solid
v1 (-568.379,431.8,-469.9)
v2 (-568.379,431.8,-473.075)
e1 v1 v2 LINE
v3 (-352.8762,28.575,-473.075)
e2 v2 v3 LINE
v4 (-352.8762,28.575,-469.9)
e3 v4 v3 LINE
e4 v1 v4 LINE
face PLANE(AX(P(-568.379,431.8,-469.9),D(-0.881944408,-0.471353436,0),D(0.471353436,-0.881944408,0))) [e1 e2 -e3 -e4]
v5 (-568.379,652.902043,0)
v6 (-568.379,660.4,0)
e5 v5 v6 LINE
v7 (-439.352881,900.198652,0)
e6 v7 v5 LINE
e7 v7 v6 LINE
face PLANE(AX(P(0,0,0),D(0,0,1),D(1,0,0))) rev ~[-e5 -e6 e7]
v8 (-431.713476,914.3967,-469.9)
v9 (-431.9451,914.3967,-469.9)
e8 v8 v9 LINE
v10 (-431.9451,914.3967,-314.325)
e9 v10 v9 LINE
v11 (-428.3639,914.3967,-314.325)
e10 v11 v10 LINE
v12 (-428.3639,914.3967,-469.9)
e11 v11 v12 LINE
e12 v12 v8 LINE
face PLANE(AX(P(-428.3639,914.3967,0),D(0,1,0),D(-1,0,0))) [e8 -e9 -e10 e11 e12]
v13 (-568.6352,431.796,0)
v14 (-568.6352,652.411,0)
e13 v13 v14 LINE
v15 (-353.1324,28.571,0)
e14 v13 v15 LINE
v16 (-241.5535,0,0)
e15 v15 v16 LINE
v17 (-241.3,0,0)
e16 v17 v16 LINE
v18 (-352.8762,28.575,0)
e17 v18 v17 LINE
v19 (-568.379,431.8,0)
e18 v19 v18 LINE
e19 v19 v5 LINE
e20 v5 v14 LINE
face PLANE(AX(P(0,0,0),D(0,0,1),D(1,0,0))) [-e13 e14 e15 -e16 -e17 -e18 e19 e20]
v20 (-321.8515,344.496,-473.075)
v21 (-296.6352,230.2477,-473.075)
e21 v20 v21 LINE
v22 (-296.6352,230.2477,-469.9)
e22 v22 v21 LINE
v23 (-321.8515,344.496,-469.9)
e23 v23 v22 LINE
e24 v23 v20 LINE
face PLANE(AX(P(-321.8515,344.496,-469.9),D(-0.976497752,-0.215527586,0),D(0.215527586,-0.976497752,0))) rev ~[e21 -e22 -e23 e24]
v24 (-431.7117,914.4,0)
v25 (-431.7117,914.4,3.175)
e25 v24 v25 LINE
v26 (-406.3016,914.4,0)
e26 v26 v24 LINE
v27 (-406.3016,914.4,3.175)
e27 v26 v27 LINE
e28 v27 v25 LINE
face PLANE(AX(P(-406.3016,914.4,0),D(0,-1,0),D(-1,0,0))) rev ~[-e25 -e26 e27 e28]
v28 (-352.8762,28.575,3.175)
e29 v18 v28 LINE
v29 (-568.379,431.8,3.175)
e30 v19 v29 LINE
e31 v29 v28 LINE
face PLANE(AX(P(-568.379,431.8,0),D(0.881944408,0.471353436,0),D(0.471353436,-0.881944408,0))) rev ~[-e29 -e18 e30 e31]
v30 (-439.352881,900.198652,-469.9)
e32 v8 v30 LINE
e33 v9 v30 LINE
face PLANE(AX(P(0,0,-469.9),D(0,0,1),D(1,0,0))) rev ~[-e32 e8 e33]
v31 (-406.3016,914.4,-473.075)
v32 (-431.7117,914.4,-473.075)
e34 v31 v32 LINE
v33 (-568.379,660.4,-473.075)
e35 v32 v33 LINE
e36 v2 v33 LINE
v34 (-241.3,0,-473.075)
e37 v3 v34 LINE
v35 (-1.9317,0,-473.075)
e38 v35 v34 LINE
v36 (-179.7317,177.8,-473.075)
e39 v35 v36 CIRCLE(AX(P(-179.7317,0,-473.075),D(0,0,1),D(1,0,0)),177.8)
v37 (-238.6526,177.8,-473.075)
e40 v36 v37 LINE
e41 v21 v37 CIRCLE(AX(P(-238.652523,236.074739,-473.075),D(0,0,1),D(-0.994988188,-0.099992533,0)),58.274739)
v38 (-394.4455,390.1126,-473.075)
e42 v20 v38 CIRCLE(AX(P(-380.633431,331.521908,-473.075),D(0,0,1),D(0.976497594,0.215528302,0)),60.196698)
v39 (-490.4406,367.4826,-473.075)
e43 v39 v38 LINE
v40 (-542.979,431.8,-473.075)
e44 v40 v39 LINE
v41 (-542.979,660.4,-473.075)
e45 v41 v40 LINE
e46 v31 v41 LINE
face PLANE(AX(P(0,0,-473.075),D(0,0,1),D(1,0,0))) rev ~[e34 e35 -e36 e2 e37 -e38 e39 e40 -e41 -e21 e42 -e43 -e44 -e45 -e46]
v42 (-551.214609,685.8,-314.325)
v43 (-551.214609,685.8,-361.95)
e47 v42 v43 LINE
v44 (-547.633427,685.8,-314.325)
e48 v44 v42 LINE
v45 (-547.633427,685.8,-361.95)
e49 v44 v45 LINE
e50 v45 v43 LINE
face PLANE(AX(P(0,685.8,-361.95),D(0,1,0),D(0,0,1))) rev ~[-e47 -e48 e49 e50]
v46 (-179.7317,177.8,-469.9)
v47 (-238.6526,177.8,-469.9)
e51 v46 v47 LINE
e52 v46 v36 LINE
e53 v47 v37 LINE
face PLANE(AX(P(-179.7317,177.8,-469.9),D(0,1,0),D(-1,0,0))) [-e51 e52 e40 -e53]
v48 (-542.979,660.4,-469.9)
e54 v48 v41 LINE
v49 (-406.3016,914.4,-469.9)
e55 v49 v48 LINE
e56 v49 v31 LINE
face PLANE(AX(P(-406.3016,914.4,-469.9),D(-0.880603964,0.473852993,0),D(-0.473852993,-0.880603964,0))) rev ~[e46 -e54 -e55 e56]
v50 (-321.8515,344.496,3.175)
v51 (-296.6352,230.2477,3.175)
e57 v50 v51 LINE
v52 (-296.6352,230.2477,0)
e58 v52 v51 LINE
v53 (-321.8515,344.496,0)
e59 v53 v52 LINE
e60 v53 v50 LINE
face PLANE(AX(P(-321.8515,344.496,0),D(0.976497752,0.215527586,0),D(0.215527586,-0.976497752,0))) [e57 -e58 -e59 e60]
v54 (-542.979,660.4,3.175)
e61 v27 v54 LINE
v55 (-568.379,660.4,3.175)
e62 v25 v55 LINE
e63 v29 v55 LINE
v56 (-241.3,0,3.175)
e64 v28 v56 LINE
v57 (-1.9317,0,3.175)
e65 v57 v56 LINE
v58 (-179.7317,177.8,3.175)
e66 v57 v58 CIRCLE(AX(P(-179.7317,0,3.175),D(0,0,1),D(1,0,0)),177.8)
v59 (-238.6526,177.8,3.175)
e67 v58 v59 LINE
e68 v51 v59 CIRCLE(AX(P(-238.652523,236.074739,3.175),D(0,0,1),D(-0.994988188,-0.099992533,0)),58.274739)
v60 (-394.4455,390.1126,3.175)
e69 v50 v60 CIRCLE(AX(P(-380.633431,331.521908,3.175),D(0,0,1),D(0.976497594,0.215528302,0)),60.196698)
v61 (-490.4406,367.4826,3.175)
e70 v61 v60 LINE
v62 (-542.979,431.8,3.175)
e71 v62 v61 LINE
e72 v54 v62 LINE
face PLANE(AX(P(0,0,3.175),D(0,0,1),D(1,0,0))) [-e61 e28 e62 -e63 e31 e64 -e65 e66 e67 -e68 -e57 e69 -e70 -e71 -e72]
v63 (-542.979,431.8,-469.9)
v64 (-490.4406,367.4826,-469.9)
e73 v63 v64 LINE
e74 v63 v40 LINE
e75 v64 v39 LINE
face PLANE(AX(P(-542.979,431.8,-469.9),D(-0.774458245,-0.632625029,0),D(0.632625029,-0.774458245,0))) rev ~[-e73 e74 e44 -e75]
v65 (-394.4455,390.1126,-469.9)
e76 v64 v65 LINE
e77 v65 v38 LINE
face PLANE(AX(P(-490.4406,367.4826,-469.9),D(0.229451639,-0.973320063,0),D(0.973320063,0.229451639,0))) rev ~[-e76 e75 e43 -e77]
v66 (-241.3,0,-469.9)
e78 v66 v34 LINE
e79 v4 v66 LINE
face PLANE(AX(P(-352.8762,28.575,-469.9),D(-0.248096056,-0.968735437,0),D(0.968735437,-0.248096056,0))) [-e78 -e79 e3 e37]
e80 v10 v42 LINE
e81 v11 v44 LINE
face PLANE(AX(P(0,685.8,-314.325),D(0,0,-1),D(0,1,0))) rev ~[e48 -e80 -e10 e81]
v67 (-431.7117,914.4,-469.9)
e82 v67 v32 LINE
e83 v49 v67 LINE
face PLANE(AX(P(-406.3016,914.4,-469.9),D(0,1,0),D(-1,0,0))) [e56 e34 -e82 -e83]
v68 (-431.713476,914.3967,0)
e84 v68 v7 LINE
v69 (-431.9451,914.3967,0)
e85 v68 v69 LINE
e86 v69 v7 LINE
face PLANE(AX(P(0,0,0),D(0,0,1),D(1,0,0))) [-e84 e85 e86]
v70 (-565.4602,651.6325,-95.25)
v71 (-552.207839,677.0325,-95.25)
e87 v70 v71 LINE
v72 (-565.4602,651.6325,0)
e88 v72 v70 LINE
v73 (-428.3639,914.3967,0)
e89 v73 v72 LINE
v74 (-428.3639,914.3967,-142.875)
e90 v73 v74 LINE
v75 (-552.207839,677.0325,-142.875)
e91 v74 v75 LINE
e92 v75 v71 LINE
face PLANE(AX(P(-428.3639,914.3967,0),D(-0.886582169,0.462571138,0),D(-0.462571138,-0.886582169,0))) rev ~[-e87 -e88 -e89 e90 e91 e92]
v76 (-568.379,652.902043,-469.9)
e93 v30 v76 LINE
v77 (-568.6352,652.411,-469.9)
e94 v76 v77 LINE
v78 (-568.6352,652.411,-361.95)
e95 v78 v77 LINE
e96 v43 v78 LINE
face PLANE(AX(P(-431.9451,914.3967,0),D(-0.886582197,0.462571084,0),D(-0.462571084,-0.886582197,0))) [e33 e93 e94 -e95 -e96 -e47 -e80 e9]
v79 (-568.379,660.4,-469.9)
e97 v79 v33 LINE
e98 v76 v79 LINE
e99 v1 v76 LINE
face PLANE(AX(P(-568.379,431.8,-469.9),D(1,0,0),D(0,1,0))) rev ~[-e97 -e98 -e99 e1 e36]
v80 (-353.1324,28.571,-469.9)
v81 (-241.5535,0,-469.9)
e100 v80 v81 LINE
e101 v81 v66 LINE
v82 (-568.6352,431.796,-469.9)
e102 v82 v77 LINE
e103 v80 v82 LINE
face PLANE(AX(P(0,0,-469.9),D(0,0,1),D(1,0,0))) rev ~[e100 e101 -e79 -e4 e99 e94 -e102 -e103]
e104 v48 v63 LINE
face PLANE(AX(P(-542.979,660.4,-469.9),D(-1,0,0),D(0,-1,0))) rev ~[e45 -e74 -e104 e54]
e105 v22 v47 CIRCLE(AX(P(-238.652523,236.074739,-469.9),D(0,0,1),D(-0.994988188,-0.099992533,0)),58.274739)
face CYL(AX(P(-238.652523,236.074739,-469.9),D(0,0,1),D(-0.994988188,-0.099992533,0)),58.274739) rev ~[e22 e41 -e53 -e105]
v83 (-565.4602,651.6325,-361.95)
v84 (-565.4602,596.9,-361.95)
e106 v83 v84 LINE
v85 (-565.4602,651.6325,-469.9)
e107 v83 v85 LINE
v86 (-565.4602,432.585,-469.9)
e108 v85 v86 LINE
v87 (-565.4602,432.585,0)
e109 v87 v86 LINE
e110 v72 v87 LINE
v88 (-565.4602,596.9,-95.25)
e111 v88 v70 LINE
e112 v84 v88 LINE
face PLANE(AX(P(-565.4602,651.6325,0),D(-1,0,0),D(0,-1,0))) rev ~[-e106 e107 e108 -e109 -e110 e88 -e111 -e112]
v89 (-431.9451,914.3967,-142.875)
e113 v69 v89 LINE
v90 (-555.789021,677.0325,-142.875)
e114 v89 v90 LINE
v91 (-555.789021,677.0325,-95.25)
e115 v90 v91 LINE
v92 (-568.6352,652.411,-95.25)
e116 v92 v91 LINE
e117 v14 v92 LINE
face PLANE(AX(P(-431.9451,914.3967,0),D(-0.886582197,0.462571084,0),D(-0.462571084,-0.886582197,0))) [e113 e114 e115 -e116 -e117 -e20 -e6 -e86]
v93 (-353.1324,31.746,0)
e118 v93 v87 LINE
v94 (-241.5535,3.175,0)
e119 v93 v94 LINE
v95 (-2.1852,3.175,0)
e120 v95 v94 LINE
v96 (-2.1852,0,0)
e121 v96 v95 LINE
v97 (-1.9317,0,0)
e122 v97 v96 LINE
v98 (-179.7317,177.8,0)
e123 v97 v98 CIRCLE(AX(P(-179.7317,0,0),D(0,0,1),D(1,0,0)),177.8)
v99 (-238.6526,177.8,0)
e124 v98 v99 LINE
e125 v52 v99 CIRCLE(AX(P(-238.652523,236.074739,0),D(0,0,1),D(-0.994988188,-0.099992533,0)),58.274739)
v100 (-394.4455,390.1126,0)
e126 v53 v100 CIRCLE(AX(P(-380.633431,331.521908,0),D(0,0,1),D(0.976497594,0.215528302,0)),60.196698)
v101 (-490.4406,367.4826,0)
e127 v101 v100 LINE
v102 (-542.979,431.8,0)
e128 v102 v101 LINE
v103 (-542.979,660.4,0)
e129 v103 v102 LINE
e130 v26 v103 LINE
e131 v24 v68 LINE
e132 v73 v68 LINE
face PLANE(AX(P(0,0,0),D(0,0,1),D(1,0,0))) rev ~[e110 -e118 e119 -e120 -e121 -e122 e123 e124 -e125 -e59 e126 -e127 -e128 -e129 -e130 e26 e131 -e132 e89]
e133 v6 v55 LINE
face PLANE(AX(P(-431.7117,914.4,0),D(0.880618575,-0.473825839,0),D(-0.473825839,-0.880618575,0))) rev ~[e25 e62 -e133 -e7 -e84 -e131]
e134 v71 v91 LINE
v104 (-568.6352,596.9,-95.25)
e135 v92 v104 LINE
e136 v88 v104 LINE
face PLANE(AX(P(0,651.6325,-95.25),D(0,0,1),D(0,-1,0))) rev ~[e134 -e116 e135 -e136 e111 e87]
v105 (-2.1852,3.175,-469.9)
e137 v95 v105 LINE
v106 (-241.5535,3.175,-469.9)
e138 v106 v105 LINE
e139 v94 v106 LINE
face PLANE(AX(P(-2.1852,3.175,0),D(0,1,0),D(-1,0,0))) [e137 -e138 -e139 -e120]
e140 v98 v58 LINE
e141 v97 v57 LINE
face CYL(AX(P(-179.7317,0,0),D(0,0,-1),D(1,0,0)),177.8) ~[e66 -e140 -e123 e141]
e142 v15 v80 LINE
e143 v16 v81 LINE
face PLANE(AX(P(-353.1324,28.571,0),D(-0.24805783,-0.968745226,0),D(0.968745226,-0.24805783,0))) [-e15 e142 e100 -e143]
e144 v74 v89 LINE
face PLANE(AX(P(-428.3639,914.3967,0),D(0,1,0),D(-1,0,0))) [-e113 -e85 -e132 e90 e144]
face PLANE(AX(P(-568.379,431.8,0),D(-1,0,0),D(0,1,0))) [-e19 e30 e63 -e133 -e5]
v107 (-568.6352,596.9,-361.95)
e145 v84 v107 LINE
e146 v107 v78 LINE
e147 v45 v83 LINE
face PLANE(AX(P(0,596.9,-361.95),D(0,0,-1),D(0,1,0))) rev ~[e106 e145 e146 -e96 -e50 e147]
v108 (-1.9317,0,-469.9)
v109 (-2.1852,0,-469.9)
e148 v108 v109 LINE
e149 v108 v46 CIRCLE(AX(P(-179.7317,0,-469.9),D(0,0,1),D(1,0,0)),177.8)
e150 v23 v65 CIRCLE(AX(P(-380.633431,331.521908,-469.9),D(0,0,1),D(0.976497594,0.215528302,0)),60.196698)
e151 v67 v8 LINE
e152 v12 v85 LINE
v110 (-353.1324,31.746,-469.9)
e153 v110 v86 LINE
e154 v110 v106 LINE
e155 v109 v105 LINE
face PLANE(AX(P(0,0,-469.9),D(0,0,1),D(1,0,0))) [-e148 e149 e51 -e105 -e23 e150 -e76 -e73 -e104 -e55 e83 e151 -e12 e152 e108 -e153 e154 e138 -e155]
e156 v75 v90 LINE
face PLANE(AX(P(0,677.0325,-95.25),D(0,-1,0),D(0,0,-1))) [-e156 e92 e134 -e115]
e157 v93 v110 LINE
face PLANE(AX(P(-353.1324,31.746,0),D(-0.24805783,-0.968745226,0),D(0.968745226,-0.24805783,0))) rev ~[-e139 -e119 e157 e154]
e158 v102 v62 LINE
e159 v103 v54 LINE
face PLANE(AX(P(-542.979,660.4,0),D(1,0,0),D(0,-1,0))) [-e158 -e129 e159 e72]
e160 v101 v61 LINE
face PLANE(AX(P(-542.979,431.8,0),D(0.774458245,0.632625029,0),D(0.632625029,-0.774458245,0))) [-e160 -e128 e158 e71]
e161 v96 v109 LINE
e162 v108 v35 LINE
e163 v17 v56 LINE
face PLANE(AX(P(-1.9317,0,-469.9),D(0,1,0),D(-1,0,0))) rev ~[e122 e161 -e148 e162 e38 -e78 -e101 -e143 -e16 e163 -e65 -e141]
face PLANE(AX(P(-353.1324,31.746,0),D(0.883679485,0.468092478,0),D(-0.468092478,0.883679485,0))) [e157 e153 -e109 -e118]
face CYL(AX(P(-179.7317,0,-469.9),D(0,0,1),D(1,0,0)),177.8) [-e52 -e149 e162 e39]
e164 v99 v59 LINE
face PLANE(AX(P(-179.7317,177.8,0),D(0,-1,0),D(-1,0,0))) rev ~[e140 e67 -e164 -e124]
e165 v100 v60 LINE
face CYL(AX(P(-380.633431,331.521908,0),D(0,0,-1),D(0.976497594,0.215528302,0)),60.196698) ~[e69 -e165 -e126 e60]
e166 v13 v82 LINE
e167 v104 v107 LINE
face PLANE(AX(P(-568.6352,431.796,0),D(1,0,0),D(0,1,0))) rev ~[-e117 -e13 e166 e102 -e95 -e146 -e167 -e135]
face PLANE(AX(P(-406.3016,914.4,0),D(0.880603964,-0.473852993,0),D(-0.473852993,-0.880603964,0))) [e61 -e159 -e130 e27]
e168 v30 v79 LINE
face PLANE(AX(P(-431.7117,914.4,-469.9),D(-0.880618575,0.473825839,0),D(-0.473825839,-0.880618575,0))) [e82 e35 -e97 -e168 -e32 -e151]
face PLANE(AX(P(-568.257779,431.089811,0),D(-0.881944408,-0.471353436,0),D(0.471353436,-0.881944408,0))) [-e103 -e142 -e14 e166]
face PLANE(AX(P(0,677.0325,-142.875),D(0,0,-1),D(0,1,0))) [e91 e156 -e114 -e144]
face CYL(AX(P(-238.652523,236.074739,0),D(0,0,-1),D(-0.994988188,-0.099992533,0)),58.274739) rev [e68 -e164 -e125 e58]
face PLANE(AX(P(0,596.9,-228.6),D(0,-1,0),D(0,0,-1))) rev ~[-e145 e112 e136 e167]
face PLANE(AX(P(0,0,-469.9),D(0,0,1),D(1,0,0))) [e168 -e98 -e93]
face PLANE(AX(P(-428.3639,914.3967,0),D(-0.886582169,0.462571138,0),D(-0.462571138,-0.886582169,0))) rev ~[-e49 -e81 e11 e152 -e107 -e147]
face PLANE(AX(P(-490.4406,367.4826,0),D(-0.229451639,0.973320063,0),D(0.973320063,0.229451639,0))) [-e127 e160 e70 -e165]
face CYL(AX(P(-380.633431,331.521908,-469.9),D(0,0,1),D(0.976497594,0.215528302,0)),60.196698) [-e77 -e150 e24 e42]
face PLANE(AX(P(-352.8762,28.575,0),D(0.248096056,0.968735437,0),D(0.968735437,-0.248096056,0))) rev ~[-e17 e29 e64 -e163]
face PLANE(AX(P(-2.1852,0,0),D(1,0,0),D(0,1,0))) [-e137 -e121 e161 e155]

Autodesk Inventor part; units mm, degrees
ref_plane "YZ Plane" through (0, 0, 0) normal (1, 0, 0) x (0, 1, 0)
ref_plane "XZ Plane" through (0, 0, 0) normal (0, 1, 0) x (-1, 0, 0)
sketch "Sketch1" plane through (0, 0, 0) normal (0, 0, 1) x (1, 0, 0)
  line L0 (0, 0) -> (-241.3, 0)
  line L1 (-352.8762, 28.575) -> (-241.3, 0)
  line L2 (-568.379, 431.8) -> (-352.8762, 28.575)
  arc A0 (-1.9317, 0) -> (-179.7317, 177.8) centre (-179.7317, 0) ccw
  arc A1 (-321.8515, 344.496) -> (-394.4455, 390.1126) centre (-380.6333, 331.522) ccw
  line L3 (-179.7317, 177.8) -> (-238.6526, 177.8)
  line L4 (-321.8515, 344.496) -> (-296.6352, 230.2477)
  arc A2 (-296.6352, 230.2477) -> (-238.6526, 177.8) centre (-238.6526, 236.0747) ccw
  line L5 (-490.4406, 367.4826) -> (-394.4455, 390.1126)
  line L6 (-568.379, 431.8) -> (-568.379, 660.4)
  line L7 (-542.979, 660.4) -> (-542.979, 431.8)
  line L8 (-542.979, 431.8) -> (-490.4406, 367.4826)
  line L9 (-431.7117, 914.4) -> (-568.379, 660.4)
  line L10 (-406.3016, 914.4) -> (-542.979, 660.4)
  line L11 (-406.3016, 914.4) -> (-431.7117, 914.4)
sketch "Sketch4" plane through (0, 0, 0) normal (0, 0, 1) x (1, 0, 0)
  line L0 (-0.2535, 0) -> (-241.5535, 0)
  line L1 (-353.1324, 28.571) -> (-241.5535, 0)
  line L2 (-568.6352, 431.796) -> (-353.1324, 28.571)
  line L3 (-568.6352, 431.796) -> (-568.6352, 652.411)
  line L4 (-565.4602, 651.6325) -> (-565.4602, 432.585)
  line L5 (-431.9451, 914.3967) -> (-568.6352, 652.411)
  line L6 (-428.3639, 914.3967) -> (-565.4602, 651.6325)
  line L7 (-428.3639, 914.3967) -> (-431.9451, 914.3967)
  line L8 (-2.1852, 0) -> (-2.1852, 3.175)
  line L9 (-241.5535, 0) -> (-228.8535, 0)
  line L10 (-228.8535, 0) -> (-228.8535, 3.175)
  line L11 (-2.1852, 3.175) -> (-228.8535, 3.175)
  line L12 (-241.5535, 0) -> (-241.5535, 3.175)
  line L13 (-353.1324, 28.571) -> (-353.1324, 31.746)
  line L14 (-353.1324, 31.746) -> (-241.5535, 3.175)
  line L15 (-353.1324, 31.746) -> (-565.4602, 432.585)
  line L16 (-241.5535, 3.175) -> (-228.8535, 3.175)
  line L17 (-565.4602, 432.585) -> (-568.2578, 431.0898)
  line L18 (-565.4602, 651.6325) -> (-568.6352, 652.411)
  point P0 (0, 0)
  dimension "d63" = 3.175
  dimension "d64" = 12.7
  dimension "d65" = 3.175
  dimension "d66" = 3.175
  dimension "d68" = 3.175
  dimension "d90" = 3.175
  dimension "d92" = 3.175
  dimension "d93" = 3.175
  dimension "d96" = 0
  dimension "d97" = 0
extrude "Extrusion1" add sketch "Sketch4" against normal blind 469.9
extrude "Extrusion2" add sketch "Sketch1" along normal blind 3.175
ref_plane "Work Plane3" through (0, 0, -469.9) normal (0, 0, 1) x (1, 0, 0)
sketch "Sketch5" plane through (0, 0, 0) normal (0, 0, 1) x (1, 0, 0)
  line L0 (0, 0) -> (-241.3, 0)
  line L1 (-352.8762, 28.575) -> (-241.3, 0)
  line L2 (-568.379, 431.8) -> (-352.8762, 28.575)
  arc A0 (-1.9317, 0) -> (-179.7317, 177.8) centre (-179.7317, 0) ccw
  arc A1 (-321.8515, 344.496) -> (-394.4455, 390.1126) centre (-380.6333, 331.522) ccw
  line L3 (-179.7317, 177.8) -> (-238.6526, 177.8)
  line L4 (-321.8515, 344.496) -> (-296.6352, 230.2477)
  arc A2 (-296.6352, 230.2477) -> (-238.6526, 177.8) centre (-238.6526, 236.0747) ccw
  line L5 (-490.4406, 367.4826) -> (-394.4455, 390.1126)
  line L6 (-568.379, 431.8) -> (-568.379, 660.4)
  line L7 (-542.979, 660.4) -> (-542.979, 431.8)
  line L8 (-542.979, 431.8) -> (-490.4406, 367.4826)
  line L9 (-431.7117, 914.4) -> (-568.379, 660.4)
  line L10 (-406.3016, 914.4) -> (-542.979, 660.4)
  line L11 (-406.3016, 914.4) -> (-431.7117, 914.4)
sketch "Sketch6" plane through (0, 0, -469.9) normal (0, 0, 1) x (1, 0, 0)
  point P0 (0, 0)
sketch "Sketch7" plane through (0, 0, -469.9) normal (0, 0, 1) x (1, 0, 0)
  line L0 (0, 0) -> (-241.3, 0)
  line L1 (-352.8762, 28.575) -> (-241.3, 0)
  line L2 (-568.379, 431.8) -> (-352.8762, 28.575)
  arc A0 (-1.9317, 0) -> (-179.7317, 177.8) centre (-179.7317, 0) ccw
  arc A1 (-321.8515, 344.496) -> (-394.4455, 390.1126) centre (-380.6333, 331.522) ccw
  line L3 (-179.7317, 177.8) -> (-238.6526, 177.8)
  line L4 (-321.8515, 344.496) -> (-296.6352, 230.2477)
  arc A2 (-296.6352, 230.2477) -> (-238.6526, 177.8) centre (-238.6526, 236.0747) ccw
  line L5 (-490.4406, 367.4826) -> (-394.4455, 390.1126)
  line L6 (-568.379, 431.8) -> (-568.379, 660.4)
  line L7 (-542.979, 660.4) -> (-542.979, 431.8)
  line L8 (-542.979, 431.8) -> (-490.4406, 367.4826)
  line L9 (-431.7117, 914.4) -> (-568.379, 660.4)
  line L10 (-406.3016, 914.4) -> (-542.979, 660.4)
  line L11 (-406.3016, 914.4) -> (-431.7117, 914.4)
extrude "Extrusion3" add sketch "Sketch7" against normal blind 3.175
sketch "Sketch8" plane through (0, 0, 0) normal (1, 0, 0) x (0, 1, 0)
  line L0 (0, 0) -> (0, -228.6)
  line L1 (0, -473.075) -> (0, 3.175) projected
  line L2 (0, -228.6) -> (596.9, -228.6)
  line L3 (651.6325, -473.075) -> (651.6325, 3.175) projected
  line L4 (596.9, -228.6) -> (596.9, -95.25)
  line L5 (432.585, 0) -> (432.585, -469.9) projected
  line L6 (596.9, -228.6) -> (596.9, -361.95)
  line L7 (596.9, -361.95) -> (1104.9, -361.95)
  line L8 (1104.9, -361.95) -> (1104.9, -95.25)
  line L9 (1104.9, -95.25) -> (596.9, -95.25)
  line L10 (596.9, -95.25) -> (651.6325, -95.25)
  line L11 (651.6325, -95.25) -> (677.0325, -95.25)
  line L12 (677.0325, -95.25) -> (677.0325, -142.875)
  line L13 (677.0325, -142.875) -> (1104.9, -142.875)
  line L14 (651.6325, -361.95) -> (685.8, -361.95)
  line L15 (685.8, -361.95) -> (685.8, -314.325)
  line L16 (685.8, -314.325) -> (1104.9, -314.325)
  point P0 (660.4, -473.075)
  point P1 (660.4, 3.175)
  point P2 (431.8, 0)
  point P3 (431.8, -469.9)
  point P4 (432.585, -469.9)
  dimension "d77" = 228.6
  dimension "d78" = 596.9
  dimension "d80" = 133.35
  dimension "d81" = 133.35
  dimension "d82" = 508
  dimension "d83" = 266.7
  dimension "d84" = 25.4
  dimension "d85" = 47.625
  dimension "d86" = 47.625
extrude "Extrusion4" cut sketch "Sketch8" against normal blind 914.4 contours L7 L6 L4 L9 L3 | L3 L9 L12 L13 L8 L16 L15 L7
equation "\"SeatBottomDepth\" = 241.3"
equation "\"SeatFrontBottomWidth\" = 469.9"
equation "\"SeatFrontSidesWidth\" = 520.7"
equation "\"SeatBackInnerWidth\" = 304.8"
equation "\"SeatBackOuterWidth\" = 482.6"
equation "\"SeatBackLength\" = 457.2"
properties part number "Seat3DSketch"
